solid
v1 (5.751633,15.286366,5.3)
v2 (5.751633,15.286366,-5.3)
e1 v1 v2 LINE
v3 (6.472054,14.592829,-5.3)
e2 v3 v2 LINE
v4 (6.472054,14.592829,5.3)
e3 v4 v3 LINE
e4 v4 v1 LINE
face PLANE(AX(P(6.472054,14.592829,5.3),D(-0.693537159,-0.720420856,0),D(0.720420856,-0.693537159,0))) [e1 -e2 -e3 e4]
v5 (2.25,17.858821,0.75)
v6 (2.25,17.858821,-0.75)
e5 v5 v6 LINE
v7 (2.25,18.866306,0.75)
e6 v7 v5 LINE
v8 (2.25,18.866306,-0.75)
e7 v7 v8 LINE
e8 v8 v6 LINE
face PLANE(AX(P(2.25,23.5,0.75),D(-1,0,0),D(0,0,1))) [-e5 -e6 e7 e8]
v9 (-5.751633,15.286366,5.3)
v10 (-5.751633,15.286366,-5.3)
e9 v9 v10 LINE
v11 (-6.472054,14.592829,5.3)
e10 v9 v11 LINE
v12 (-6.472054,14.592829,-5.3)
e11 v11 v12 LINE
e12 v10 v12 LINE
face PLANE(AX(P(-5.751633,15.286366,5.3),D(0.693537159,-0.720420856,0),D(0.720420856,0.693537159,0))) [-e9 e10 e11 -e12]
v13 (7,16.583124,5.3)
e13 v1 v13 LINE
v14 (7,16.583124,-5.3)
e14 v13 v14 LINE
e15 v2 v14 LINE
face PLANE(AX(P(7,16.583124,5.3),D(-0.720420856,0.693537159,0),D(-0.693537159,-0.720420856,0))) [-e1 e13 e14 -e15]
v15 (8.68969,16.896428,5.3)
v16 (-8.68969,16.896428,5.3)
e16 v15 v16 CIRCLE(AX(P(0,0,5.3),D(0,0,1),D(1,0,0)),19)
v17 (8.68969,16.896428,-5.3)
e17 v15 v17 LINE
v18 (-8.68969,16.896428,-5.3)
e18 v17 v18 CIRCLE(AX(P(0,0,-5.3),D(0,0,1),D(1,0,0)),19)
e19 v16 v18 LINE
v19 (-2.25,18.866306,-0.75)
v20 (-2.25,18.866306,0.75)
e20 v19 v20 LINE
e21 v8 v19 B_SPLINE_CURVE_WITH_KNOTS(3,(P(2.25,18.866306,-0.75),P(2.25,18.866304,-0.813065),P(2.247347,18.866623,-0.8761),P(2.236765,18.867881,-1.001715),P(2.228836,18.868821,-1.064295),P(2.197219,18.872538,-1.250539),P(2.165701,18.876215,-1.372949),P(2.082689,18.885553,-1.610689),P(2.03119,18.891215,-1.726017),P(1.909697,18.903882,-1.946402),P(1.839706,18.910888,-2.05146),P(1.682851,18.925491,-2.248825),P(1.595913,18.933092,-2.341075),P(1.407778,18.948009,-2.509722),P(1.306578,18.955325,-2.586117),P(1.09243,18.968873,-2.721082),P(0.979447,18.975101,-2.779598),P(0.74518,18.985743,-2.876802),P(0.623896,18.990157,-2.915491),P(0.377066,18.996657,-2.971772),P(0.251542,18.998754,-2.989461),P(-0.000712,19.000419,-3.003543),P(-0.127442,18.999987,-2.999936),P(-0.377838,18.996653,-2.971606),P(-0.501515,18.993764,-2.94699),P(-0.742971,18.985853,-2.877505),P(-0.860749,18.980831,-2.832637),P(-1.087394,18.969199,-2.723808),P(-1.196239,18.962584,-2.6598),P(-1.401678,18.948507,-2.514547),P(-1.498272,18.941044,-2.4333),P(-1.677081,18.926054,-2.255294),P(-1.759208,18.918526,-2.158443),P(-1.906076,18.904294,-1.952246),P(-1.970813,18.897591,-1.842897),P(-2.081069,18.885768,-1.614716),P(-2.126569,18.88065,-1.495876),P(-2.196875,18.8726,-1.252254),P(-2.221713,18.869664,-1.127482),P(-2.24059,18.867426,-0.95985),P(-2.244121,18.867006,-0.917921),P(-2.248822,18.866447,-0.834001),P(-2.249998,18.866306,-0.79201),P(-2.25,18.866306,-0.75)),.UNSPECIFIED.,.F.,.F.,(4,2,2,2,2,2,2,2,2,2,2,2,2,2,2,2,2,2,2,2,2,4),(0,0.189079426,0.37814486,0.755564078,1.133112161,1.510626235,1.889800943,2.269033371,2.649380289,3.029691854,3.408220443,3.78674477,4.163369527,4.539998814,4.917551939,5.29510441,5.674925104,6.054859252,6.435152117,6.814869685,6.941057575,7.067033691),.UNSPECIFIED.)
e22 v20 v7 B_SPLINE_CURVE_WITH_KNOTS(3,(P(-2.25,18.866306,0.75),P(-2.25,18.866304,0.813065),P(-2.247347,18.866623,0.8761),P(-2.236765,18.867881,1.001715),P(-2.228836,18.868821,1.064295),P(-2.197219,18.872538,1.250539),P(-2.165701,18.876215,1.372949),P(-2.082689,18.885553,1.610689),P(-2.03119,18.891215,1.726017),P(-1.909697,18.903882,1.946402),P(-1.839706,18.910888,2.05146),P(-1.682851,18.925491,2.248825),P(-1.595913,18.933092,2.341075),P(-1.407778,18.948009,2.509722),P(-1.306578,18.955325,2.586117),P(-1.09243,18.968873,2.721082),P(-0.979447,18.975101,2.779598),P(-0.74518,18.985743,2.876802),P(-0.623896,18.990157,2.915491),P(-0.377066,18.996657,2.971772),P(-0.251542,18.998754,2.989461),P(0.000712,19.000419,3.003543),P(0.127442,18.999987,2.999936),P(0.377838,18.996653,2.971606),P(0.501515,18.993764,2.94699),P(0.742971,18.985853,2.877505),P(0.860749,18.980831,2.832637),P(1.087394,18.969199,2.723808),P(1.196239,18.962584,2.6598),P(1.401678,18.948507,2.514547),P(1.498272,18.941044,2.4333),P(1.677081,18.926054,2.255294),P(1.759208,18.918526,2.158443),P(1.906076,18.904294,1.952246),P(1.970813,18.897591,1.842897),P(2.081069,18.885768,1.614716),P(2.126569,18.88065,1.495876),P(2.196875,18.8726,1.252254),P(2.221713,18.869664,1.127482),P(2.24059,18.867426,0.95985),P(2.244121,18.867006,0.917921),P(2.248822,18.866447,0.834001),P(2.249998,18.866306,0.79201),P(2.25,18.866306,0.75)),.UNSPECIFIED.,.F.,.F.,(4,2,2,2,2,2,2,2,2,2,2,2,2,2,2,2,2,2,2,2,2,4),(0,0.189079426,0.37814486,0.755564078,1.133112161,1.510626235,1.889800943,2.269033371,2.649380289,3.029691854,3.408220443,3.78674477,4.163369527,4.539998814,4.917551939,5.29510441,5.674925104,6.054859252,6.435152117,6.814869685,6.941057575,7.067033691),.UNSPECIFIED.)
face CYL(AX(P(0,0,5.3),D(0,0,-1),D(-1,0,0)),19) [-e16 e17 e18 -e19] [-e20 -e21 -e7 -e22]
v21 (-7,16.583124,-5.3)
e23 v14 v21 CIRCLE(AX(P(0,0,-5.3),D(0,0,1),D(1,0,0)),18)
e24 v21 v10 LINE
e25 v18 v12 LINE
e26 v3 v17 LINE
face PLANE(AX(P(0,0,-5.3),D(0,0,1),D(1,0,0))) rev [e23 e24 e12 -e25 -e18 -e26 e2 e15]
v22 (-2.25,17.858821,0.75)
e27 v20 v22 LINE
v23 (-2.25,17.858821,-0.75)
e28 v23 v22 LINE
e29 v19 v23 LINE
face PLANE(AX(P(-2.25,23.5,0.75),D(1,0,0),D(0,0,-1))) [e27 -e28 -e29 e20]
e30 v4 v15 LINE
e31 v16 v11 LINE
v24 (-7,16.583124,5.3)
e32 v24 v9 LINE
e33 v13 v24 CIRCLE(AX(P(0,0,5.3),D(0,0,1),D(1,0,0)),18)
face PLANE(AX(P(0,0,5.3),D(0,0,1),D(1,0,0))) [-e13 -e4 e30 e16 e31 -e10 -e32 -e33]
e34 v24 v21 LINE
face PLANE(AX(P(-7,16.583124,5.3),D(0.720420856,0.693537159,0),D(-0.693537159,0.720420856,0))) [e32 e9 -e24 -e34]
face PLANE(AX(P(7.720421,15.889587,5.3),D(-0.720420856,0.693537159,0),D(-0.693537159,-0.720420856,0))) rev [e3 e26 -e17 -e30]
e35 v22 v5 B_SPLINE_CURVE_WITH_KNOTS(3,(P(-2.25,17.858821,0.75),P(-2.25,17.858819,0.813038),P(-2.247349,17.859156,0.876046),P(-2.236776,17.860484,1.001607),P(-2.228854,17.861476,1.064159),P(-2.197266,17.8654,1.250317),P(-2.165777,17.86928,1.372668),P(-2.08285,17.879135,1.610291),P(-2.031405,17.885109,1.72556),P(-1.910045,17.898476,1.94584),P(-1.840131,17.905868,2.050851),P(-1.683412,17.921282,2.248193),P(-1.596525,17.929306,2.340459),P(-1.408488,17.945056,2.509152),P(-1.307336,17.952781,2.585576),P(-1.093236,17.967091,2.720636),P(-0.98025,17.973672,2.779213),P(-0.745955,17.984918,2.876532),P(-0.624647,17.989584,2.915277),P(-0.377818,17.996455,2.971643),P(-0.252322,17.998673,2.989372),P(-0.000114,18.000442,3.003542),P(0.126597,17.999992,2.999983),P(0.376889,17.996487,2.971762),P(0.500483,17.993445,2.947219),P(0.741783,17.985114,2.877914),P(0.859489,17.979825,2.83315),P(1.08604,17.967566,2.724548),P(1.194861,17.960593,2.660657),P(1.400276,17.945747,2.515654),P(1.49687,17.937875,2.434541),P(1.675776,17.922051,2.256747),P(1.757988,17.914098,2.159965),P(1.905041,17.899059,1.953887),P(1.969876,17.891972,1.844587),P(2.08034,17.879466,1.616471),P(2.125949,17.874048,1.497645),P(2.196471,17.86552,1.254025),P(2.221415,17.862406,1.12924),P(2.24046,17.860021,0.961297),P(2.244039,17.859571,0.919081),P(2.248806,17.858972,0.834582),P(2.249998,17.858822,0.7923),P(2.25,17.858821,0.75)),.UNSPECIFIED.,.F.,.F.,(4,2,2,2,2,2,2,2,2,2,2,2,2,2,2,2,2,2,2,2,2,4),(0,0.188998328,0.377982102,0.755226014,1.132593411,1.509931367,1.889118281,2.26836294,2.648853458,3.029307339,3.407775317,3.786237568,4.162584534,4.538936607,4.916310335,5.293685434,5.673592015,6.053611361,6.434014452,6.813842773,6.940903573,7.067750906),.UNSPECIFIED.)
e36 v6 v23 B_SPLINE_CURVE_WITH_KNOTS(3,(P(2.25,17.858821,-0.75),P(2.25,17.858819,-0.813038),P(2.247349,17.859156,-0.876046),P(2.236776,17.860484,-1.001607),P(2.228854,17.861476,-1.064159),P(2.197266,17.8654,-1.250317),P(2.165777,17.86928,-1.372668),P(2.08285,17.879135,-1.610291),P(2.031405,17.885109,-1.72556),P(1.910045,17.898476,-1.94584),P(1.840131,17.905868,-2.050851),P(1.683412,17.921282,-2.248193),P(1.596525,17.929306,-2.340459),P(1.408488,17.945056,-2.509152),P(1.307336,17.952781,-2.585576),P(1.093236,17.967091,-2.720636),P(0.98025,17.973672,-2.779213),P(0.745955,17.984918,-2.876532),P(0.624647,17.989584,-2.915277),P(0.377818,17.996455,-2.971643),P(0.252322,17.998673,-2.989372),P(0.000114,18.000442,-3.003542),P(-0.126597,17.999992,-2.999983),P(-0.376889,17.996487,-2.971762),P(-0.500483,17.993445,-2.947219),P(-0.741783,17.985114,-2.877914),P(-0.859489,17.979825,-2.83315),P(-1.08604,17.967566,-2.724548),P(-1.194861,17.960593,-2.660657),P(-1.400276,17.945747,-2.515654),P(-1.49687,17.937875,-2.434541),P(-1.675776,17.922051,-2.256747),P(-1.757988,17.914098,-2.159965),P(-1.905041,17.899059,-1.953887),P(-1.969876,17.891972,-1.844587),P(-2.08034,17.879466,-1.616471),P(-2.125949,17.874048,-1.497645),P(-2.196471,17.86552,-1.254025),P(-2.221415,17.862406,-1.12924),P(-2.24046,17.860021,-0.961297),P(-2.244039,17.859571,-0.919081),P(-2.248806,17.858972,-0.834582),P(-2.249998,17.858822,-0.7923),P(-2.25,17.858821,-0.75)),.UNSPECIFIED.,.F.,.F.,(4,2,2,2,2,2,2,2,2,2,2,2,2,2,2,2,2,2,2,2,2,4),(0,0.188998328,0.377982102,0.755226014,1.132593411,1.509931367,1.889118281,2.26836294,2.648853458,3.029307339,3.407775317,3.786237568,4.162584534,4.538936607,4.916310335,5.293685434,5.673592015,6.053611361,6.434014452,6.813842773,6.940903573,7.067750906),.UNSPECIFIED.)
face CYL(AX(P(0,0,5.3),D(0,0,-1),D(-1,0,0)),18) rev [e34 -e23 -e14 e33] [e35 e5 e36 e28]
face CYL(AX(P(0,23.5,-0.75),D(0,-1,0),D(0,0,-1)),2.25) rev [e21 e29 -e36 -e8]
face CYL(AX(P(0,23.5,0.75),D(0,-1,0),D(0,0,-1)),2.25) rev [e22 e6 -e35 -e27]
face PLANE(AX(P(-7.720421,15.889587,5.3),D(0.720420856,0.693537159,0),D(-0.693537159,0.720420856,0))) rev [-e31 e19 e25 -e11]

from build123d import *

# Parameters (mm, degrees)
EXTRU_MINCE1_DEPTH      = 5.3
ENL_V_MAT_EXTRU_1_DEPTH = 5.5


with BuildPart() as part:
    # Esquisse1 → Extru.-Mince1 (new body, symmetric)
    with BuildSketch(Plane.XY):
        with BuildLine():
            Line((5.751633114, 15.286366412), (7, 16.583123952))
            ThreePointArc((7, 16.583123952), (0, 18), (-7, 16.583123952))
            Line((-7, 16.583123952), (-5.751633114, 15.286366412))
            Line((-5.751633114, 15.286366412), (-6.47205397, 14.592829253))
            Line((-6.47205397, 14.592829253), (-8.689690241, 16.896428129))
            ThreePointArc((-8.689690241, 16.896428129), (0, 19), (8.689690241, 16.896428129))
            Line((8.689690241, 16.896428129), (6.47205397, 14.592829253))
            Line((6.47205397, 14.592829253), (5.751633114, 15.286366412))
        make_face()
    extrude(amount=EXTRU_MINCE1_DEPTH, both=True)

    # Esquisse2 → Enlèv. mat.-Extru.1 (cut, symmetric)
    with BuildSketch(Plane(origin=(0, 18, 0), x_dir=(-1, 0, 0), z_dir=(0, 1, 0))):
        with BuildLine():
            Line((-2.25, 0.75), (-2.25, -0.75))
            ThreePointArc((-2.25, -0.75), (0, -3), (2.25, -0.75))
            Line((2.25, -0.75), (2.25, 0.75))
            ThreePointArc((2.25, 0.75), (0, 3), (-2.25, 0.75))
        make_face()
    extrude(amount=ENL_V_MAT_EXTRU_1_DEPTH, both=True, mode=Mode.SUBTRACT)


solid = part.part
